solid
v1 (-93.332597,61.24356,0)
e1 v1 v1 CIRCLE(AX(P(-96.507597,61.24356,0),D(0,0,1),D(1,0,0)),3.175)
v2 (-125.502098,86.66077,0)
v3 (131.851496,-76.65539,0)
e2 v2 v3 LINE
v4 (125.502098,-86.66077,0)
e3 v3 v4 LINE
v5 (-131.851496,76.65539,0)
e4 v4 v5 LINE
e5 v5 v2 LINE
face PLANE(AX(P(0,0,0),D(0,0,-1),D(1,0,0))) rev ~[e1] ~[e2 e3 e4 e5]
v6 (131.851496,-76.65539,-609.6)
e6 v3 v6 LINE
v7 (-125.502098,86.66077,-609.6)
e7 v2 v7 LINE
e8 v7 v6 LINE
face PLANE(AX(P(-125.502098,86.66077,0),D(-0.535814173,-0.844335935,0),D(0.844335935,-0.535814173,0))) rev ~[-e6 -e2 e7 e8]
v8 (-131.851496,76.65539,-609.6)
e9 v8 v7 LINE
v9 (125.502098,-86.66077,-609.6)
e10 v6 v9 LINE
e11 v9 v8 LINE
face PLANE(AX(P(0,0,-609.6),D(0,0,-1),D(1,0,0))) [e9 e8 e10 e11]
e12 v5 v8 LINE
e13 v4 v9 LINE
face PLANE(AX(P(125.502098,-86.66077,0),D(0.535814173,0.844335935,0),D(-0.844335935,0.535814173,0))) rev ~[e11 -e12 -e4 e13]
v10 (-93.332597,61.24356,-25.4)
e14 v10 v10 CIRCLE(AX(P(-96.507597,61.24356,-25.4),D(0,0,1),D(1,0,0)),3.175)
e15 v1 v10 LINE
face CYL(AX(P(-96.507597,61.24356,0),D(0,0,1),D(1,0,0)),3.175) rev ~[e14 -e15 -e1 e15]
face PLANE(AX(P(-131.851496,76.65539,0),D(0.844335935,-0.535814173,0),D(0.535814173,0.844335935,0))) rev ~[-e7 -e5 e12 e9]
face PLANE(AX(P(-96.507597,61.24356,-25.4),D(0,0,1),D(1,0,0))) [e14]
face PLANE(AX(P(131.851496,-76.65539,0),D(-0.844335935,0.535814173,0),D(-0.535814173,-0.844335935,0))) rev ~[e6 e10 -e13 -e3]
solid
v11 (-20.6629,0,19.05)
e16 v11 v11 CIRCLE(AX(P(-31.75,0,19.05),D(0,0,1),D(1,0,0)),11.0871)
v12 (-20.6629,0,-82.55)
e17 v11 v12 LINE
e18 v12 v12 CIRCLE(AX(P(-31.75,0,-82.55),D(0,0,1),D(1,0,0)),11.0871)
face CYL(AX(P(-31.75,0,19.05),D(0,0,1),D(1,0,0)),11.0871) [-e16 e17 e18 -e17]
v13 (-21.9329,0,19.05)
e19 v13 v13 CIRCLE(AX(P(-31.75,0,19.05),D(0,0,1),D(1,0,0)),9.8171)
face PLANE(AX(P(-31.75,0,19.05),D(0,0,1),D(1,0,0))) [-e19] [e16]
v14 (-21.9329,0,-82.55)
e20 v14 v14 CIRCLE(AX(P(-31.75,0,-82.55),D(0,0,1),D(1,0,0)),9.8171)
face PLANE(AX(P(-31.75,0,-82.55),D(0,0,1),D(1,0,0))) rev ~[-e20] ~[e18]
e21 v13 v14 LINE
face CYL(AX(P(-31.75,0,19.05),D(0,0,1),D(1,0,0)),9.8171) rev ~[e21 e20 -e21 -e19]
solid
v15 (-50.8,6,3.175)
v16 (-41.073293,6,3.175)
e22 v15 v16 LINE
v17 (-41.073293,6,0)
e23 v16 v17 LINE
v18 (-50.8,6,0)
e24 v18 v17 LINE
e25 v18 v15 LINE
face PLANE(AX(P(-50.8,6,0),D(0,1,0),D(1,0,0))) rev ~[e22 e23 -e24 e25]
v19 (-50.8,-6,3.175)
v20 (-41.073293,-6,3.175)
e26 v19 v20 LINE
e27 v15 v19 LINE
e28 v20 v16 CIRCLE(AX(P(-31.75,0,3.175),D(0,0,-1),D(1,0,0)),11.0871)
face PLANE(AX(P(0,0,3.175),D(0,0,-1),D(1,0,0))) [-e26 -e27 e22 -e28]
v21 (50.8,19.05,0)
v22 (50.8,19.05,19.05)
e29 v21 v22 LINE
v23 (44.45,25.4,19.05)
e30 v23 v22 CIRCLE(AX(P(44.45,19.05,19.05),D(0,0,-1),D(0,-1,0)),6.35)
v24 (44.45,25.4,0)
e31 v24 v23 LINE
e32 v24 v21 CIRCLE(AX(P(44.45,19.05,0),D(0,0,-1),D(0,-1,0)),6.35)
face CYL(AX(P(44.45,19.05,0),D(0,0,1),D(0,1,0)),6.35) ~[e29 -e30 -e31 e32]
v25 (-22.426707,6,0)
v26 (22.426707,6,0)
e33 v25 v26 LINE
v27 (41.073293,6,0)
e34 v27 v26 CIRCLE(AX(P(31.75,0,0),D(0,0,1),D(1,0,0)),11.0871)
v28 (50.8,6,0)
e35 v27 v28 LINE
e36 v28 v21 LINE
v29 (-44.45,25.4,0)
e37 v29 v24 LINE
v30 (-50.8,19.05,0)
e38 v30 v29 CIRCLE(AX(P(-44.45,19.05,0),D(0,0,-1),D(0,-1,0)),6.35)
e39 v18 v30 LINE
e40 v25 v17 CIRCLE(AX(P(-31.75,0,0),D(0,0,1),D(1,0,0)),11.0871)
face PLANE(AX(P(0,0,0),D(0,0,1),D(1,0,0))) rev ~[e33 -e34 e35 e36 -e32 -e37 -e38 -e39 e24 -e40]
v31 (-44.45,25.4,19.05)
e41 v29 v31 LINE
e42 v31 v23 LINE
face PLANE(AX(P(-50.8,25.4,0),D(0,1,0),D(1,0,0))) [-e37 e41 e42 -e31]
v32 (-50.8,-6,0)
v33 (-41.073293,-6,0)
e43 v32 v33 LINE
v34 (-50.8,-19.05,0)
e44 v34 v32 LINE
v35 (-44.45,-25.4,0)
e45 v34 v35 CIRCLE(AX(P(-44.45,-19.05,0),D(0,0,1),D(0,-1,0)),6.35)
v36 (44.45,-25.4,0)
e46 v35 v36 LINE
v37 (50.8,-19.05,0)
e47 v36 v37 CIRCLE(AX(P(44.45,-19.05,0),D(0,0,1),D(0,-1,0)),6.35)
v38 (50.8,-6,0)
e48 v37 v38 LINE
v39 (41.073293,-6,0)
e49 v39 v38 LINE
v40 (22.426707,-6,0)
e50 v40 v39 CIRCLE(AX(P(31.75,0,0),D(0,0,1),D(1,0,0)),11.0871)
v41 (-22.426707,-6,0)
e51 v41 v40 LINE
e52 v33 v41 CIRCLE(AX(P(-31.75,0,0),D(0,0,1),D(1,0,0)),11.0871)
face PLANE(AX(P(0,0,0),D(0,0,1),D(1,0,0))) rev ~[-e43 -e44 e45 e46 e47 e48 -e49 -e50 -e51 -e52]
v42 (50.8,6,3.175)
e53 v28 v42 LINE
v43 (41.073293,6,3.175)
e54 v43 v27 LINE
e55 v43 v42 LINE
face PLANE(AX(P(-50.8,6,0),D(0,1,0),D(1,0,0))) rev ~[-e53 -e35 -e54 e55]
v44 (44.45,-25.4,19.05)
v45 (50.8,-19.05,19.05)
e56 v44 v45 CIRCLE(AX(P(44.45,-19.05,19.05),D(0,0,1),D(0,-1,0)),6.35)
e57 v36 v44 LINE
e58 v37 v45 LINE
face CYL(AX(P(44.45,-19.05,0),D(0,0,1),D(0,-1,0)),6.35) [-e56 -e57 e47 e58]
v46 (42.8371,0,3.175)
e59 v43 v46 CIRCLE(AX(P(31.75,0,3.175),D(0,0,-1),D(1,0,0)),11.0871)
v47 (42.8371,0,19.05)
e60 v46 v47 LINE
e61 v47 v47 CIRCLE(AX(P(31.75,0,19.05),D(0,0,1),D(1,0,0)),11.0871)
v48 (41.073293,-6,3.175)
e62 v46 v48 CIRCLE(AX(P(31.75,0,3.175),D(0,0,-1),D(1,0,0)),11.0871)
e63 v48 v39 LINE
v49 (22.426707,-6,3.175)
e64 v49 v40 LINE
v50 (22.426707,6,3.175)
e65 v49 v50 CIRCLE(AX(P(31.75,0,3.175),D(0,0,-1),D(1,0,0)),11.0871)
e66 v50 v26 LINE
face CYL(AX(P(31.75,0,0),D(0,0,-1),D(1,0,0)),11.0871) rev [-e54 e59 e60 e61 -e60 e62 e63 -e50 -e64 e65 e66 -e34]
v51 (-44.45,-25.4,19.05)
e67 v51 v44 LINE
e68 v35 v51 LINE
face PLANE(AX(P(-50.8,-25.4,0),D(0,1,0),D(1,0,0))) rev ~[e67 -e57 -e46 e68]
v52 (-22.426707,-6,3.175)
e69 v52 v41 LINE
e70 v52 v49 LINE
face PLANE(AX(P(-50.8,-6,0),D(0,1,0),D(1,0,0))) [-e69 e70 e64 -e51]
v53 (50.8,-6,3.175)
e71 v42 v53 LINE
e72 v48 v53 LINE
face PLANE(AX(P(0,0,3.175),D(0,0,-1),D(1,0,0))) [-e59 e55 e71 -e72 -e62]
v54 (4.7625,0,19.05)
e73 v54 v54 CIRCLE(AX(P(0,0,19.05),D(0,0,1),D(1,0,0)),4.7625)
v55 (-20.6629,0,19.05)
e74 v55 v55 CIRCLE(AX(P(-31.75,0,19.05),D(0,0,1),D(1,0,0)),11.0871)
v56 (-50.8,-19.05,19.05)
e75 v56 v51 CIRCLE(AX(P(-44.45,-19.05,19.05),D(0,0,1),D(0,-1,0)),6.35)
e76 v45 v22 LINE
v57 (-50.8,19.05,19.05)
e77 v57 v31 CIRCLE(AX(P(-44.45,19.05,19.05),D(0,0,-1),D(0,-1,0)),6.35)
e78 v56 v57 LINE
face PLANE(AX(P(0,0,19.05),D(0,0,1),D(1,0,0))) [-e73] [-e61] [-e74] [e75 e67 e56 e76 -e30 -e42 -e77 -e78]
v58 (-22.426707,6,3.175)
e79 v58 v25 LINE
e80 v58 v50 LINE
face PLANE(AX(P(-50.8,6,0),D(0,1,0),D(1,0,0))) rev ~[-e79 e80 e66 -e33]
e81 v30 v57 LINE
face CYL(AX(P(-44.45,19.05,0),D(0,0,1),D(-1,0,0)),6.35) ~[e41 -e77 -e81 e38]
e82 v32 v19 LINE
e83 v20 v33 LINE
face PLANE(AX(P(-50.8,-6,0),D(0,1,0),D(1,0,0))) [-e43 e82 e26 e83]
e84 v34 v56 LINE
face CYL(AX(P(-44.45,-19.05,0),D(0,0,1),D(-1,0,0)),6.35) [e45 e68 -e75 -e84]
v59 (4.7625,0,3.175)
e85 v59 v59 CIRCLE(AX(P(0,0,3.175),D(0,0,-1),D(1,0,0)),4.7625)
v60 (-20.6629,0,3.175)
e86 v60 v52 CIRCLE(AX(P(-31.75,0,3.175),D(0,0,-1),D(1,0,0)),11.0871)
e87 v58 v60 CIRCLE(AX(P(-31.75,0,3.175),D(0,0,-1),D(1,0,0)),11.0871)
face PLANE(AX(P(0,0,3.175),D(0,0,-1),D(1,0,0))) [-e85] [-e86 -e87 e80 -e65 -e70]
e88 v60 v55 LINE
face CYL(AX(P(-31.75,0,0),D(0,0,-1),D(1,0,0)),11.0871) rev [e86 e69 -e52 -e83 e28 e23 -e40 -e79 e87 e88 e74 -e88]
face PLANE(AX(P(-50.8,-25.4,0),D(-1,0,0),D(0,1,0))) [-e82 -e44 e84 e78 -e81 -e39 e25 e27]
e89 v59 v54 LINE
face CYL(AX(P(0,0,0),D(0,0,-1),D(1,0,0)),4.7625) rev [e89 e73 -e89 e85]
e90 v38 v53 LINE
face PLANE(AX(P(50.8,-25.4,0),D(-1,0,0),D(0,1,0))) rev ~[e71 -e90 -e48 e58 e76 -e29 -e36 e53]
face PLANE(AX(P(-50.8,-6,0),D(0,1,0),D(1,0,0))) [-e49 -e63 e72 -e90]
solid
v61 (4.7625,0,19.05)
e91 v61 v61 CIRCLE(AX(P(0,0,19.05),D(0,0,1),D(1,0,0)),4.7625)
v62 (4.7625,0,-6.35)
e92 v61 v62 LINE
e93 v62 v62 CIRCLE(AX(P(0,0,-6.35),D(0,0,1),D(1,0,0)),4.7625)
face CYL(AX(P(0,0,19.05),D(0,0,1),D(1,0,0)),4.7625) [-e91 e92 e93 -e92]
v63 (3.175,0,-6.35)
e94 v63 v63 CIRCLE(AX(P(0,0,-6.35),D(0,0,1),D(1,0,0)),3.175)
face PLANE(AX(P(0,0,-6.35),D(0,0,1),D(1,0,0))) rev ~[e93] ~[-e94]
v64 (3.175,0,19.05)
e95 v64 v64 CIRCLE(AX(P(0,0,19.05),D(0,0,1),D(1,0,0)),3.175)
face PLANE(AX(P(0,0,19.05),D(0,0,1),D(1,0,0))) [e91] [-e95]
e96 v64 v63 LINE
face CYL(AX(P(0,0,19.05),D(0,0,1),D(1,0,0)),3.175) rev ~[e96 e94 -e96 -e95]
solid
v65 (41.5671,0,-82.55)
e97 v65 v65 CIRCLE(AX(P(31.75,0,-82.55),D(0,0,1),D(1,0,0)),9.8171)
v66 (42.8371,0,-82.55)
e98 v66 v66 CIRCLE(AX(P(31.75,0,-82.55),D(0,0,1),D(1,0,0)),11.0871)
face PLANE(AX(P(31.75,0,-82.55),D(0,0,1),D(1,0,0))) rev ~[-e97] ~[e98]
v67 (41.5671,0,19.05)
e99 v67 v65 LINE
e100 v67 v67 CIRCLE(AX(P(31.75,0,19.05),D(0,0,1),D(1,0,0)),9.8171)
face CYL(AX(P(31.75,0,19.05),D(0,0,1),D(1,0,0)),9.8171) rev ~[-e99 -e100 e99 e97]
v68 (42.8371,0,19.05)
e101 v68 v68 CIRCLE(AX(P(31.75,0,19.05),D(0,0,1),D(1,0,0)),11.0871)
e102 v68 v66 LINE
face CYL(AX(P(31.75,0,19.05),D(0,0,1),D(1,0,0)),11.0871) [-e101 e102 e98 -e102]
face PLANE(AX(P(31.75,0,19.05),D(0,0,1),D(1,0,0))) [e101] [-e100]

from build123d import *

# Parameters (mm, degrees)
F0_W      = 101.6
F0_H      = 50.8
F0_R      = 11.0871
F0_R_2    = 4.7625
F1_DEPTH  = 19.05
F2_R      = 11.0871
F2_R_2    = 9.8171
F3_DEPTH  = 101.6
F4_R      = 4.7625
F4_R_2    = 3.175
F5_DEPTH  = 25.4
F6_R      = 6.35
F8_DEPTH  = 609.6
F9_R      = 3.175
F10_DEPTH = 25.4
F11_W     = 101.6
F11_H     = 12
F12_DEPTH = 3.175


with BuildPart() as f1:
    # F0 (on Top) → F1 (new body)
    with BuildSketch(Plane.XY):
        Rectangle(F0_W, F0_H)
        with Locations((-31.75, 0)):
            Circle(F0_R, mode=Mode.SUBTRACT)
        Circle(F0_R_2, mode=Mode.SUBTRACT)
        with Locations((31.75, 0)):
            Circle(F0_R, mode=Mode.SUBTRACT)
    extrude(amount=F1_DEPTH)

    # F6
    f6_edges = [f1.edges().sort_by_distance(p)[0] for p in [
        (-50.8, -25.4, 9.525),
        (-50.8, 25.4, 9.525),
        (50.8, -25.4, 9.525),
        (50.8, 25.4, 9.525),
    ]]
    fillet(f6_edges, radius=F6_R)

    # F11 (on face) → F12 (cut)
    with BuildSketch(Plane(origin=(0, 0, 0), x_dir=(1, 0, 0), z_dir=(0, 0, -1))):
        Rectangle(F11_W, F11_H)
    extrude(amount=-F12_DEPTH, mode=Mode.SUBTRACT)


with BuildPart() as f3:
    # F2 (on face) → F3 (new body)
    with BuildSketch(Plane.XY.offset(19.05)):
        with Locations((-31.75, 0)):
            Circle(F2_R)
        with Locations((-31.75, 0)):
            Circle(F2_R_2, mode=Mode.SUBTRACT)
    extrude(amount=-F3_DEPTH)


with BuildPart() as f3b:
    # F2 (on face) → F3, piece 2 (new body)
    with BuildSketch(Plane.XY.offset(19.05)):
        with Locations((31.75, 0)):
            Circle(F2_R)
        with Locations((31.75, 0)):
            Circle(F2_R_2, mode=Mode.SUBTRACT)
    extrude(amount=-F3_DEPTH)


with BuildPart() as f5:
    # F4 (on face) → F5 (new body)
    with BuildSketch(Plane.XY.offset(19.05)):
        Circle(F4_R)
        Circle(F4_R_2, mode=Mode.SUBTRACT)
    extrude(amount=-F5_DEPTH)


with BuildPart() as f8:
    # F7 (on face) → F8 (new body)
    with BuildSketch(Plane(origin=(0, 0, 0), x_dir=(1, 0, 0), z_dir=(0, 0, -1))):
        Polygon((125.502097575, 86.6607704171), (-131.8514955277, -76.6553895829), (-125.502097575, -86.6607704171), (131.8514955277, 76.6553895829), align=None)
    extrude(amount=F8_DEPTH)

    # F9 (on face) → F10 (cut)
    with BuildSketch(Plane.XY):
        with Locations((-96.5075974135, 61.24356)):
            Circle(F9_R)
    extrude(amount=-F10_DEPTH, mode=Mode.SUBTRACT)


solid = Compound([f1.part, f3.part, f3b.part, f5.part, f8.part])
